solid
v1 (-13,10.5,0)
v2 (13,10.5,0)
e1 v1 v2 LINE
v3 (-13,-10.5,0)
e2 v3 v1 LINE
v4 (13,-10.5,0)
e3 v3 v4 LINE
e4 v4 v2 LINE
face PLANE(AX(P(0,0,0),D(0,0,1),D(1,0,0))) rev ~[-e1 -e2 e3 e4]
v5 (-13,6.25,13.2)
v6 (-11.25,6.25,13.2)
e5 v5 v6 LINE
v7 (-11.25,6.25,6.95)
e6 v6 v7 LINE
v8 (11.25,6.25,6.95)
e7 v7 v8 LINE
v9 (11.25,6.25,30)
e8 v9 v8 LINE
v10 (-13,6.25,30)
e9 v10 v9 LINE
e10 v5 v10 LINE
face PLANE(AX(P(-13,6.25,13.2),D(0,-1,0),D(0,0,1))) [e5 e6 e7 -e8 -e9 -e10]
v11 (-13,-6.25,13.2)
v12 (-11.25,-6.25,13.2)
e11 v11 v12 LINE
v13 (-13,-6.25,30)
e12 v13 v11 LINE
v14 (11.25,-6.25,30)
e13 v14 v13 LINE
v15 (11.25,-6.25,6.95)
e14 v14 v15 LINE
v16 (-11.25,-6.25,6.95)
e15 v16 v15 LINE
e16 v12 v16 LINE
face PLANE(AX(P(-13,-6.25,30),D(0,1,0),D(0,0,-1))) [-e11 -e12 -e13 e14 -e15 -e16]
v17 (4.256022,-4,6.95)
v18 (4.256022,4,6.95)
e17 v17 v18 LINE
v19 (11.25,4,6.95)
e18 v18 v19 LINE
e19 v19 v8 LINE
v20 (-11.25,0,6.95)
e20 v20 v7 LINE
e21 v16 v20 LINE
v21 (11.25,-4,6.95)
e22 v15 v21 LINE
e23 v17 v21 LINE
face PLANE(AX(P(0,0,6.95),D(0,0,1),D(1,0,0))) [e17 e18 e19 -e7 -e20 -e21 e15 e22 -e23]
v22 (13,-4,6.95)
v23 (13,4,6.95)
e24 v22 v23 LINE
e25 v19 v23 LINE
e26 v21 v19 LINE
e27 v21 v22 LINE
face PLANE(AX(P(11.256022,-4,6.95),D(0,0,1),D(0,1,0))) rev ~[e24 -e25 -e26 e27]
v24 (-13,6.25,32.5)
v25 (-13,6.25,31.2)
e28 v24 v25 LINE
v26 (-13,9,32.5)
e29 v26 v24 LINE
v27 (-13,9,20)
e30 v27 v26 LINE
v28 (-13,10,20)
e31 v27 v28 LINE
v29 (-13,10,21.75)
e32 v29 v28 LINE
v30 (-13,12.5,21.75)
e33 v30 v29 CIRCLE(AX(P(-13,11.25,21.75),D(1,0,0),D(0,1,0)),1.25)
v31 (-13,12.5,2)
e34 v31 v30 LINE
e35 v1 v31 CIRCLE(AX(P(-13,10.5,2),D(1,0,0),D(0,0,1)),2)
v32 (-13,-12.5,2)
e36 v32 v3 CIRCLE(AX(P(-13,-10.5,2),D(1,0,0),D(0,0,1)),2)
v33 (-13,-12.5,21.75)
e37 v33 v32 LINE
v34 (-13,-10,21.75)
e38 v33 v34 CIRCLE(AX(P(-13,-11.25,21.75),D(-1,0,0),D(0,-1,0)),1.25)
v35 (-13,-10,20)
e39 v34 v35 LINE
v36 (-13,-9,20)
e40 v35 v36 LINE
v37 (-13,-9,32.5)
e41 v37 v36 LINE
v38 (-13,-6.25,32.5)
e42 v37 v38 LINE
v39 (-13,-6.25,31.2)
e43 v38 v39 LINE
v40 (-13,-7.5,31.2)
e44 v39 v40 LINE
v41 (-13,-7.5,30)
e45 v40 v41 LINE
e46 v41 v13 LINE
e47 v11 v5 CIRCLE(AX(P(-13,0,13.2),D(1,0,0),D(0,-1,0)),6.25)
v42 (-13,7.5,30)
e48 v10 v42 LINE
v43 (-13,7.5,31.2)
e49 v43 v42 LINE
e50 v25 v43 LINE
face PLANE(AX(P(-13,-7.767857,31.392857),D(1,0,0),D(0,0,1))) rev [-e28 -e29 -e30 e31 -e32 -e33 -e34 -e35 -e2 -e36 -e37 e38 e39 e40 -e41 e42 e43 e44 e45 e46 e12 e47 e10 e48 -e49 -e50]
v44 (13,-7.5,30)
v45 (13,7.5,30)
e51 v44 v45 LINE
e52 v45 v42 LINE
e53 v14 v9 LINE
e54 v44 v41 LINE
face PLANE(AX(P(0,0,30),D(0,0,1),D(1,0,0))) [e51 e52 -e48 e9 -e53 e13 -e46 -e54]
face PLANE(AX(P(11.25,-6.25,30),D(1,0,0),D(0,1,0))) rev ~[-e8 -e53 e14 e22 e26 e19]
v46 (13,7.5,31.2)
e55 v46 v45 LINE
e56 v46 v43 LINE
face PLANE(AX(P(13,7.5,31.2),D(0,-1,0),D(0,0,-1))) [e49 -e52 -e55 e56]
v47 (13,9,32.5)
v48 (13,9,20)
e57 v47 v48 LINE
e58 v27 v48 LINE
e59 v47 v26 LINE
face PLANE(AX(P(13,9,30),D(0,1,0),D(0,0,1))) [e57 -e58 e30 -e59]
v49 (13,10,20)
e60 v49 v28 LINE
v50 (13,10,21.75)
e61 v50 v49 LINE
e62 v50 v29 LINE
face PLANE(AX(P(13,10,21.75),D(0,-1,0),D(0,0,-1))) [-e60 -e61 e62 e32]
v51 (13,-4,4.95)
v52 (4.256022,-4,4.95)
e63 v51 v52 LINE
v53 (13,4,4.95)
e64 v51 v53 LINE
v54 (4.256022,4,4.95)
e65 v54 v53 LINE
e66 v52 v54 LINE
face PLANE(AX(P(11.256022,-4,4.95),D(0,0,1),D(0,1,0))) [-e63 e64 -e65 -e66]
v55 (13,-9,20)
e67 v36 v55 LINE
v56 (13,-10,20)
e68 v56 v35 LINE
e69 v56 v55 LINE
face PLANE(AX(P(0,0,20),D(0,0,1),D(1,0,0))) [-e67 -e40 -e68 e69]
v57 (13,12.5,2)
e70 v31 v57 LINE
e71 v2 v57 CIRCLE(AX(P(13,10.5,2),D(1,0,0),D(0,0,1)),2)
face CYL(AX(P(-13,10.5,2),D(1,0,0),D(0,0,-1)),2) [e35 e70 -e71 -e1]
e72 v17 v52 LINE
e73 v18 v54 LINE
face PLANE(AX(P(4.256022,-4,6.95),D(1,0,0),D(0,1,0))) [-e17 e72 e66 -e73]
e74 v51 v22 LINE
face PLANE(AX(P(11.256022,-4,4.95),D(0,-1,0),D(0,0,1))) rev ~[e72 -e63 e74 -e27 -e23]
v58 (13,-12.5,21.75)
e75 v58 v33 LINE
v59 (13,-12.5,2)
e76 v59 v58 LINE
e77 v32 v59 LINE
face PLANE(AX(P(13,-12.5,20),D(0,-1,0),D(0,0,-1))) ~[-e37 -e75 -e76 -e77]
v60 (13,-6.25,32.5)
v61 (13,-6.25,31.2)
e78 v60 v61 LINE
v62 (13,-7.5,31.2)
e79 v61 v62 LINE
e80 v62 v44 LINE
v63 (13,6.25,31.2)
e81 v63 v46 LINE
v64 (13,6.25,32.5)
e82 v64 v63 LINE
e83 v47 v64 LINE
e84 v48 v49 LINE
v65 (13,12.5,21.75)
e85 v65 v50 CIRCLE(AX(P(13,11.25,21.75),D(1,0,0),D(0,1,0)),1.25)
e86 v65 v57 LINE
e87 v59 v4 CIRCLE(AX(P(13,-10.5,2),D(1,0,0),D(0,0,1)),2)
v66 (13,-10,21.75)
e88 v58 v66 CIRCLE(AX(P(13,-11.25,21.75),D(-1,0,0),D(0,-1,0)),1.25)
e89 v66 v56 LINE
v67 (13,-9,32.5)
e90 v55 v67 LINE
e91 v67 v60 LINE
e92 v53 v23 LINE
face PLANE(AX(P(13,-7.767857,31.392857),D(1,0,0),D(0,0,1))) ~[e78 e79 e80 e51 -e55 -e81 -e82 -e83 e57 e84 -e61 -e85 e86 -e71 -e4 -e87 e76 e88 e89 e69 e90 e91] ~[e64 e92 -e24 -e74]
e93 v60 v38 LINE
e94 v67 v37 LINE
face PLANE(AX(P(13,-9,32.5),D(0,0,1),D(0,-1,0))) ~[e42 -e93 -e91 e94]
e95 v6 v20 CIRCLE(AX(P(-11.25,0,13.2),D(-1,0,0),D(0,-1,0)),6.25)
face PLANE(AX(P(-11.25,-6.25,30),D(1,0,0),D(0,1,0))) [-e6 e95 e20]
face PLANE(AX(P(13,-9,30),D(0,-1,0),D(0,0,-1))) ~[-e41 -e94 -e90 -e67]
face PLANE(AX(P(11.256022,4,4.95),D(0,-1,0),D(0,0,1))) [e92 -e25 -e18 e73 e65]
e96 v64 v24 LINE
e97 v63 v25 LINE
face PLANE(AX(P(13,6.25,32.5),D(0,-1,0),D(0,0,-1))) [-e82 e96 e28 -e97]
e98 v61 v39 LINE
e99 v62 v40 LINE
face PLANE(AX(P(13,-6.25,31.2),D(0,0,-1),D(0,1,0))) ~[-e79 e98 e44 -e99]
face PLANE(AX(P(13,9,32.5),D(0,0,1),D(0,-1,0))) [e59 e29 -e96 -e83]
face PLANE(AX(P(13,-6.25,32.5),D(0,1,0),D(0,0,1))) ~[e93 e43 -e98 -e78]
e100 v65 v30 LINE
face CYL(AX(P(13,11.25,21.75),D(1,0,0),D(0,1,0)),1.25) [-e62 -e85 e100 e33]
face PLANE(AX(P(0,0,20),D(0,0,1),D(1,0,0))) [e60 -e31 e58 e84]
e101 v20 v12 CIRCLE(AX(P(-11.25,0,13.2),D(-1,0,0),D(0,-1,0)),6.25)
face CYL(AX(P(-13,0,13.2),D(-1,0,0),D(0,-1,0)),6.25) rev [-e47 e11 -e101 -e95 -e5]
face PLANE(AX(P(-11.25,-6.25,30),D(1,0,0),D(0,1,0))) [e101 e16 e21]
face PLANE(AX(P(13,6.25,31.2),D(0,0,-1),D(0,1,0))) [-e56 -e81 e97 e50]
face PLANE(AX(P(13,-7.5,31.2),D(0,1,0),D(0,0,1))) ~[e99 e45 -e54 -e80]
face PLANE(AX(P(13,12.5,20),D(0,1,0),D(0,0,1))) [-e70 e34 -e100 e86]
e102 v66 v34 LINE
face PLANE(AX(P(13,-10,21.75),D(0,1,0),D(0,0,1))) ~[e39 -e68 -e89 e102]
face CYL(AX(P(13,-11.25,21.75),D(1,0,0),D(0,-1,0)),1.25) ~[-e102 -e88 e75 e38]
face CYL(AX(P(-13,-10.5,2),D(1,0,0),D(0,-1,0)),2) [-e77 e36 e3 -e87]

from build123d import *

# Parameters (mm, degrees)
SKETCH_1_W          = 26
SKETCH_1_H          = 25
EXTRUDE_1_DEPTH     = 20
EXTRUDE_3_DEPTH     = 26
SKETCH_4_W          = 26
SKETCH_4_H          = 18
EXTRUDE_4_DEPTH     = 10
SKETCH_5_W          = 22.5
SKETCH_5_H          = 12.5
CUT_EXTRUDE_1_DEPTH = 23.05
CUT_EXTRUDE_5_DEPTH = 3.55
SKETCH_9_W          = 7
SKETCH_9_H          = 8
CUT_EXTRUDE_6_DEPTH = 2
SKETCH_10_W         = 2
SKETCH_10_H         = 8
CUT_EXTRUDE_7_DEPTH = 2
EXTRUDE_5_DEPTH     = 26
FILLET_1_R          = 2


with BuildPart() as part:
    # Эскиз1 → Бобышка-Вытянуть1 (new body)
    with BuildSketch(Plane.XY):
        Rectangle(SKETCH_1_W, SKETCH_1_H)
    extrude(amount=EXTRUDE_1_DEPTH)

    # Эскиз3 → Бобышка-Вытянуть3 (add, through all)
    with BuildSketch(Plane(origin=(13, 0, 0), x_dir=(0, 0, -1), z_dir=(1, 0, 0))):
        with BuildLine():
            Line((-20, 12.5), (-21.75, 12.5))
            ThreePointArc((-21.75, 12.5), (-23, 11.25), (-21.75, 10))
            Line((-21.75, 10), (-20, 10))
            Line((-20, 10), (-20, 12.5))
        make_face()
    extrude_3 = extrude(amount=-EXTRUDE_3_DEPTH)

    # Зеркальное отражение1: Бобышка-Вытянуть3 across plane
    add(extrude_3.mirror(Plane.ZX))

    # Эскиз4 → Бобышка-Вытянуть4 (add)
    with BuildSketch(Plane.XY.offset(20)):
        Rectangle(SKETCH_4_W, SKETCH_4_H)
    extrude(amount=EXTRUDE_4_DEPTH)

    # Эскиз5 → Вырез-Вытянуть1 (cut)
    with BuildSketch(Plane.XY.offset(30)):
        Rectangle(SKETCH_5_W, SKETCH_5_H)
    extrude(amount=-CUT_EXTRUDE_1_DEPTH, mode=Mode.SUBTRACT)

    # Эскиз8 → Вырез-Вытянуть5 (cut)
    with BuildSketch(Plane.ZY.offset(13)):
        with BuildLine():
            Line((30, -6.25), (13.2, -6.25))
            ThreePointArc((13.2, -6.25), (6.95, 0), (13.2, 6.25))
            Line((13.2, 6.25), (30, 6.25))
            Line((30, 6.25), (30, -6.25))
        make_face()
    extrude(amount=-CUT_EXTRUDE_5_DEPTH, mode=Mode.SUBTRACT)

    # Эскиз9 → Вырез-Вытянуть6 (cut)
    with BuildSketch(Plane.XY.offset(6.95)):
        with Locations((7.7560221, 0)):
            Rectangle(SKETCH_9_W, SKETCH_9_H)
    extrude(amount=-CUT_EXTRUDE_6_DEPTH, mode=Mode.SUBTRACT)

    # Эскиз10 → Вырез-Вытянуть7 (cut)
    with BuildSketch(Plane.ZY.offset(-11.2560221)):
        with Locations((5.95, 0)):
            Rectangle(SKETCH_10_W, SKETCH_10_H)
    extrude(amount=-CUT_EXTRUDE_7_DEPTH, mode=Mode.SUBTRACT)

    # Эскиз12 → Бобышка-Вытянуть5 (add, through all)
    with BuildSketch(Plane(origin=(13, 0, 0), x_dir=(0, 0, -1), z_dir=(1, 0, 0))):
        Polygon((-30, 9), (-32.5, 9), (-32.5, 6.25), (-31.2, 6.25), (-31.2, 7.5), (-30, 7.5), align=None)
    extrude_5 = extrude(amount=-EXTRUDE_5_DEPTH)

    # Зеркальное отражение2: Бобышка-Вытянуть5 across plane
    add(extrude_5.mirror(Plane.ZX))

    # Скругление1
    fillet_1_edges = [part.edges().sort_by_distance(p)[0] for p in [
        (0, 12.5, 0),
        (0, -12.5, 0),
    ]]
    fillet(fillet_1_edges, radius=FILLET_1_R)


solid = part.part
